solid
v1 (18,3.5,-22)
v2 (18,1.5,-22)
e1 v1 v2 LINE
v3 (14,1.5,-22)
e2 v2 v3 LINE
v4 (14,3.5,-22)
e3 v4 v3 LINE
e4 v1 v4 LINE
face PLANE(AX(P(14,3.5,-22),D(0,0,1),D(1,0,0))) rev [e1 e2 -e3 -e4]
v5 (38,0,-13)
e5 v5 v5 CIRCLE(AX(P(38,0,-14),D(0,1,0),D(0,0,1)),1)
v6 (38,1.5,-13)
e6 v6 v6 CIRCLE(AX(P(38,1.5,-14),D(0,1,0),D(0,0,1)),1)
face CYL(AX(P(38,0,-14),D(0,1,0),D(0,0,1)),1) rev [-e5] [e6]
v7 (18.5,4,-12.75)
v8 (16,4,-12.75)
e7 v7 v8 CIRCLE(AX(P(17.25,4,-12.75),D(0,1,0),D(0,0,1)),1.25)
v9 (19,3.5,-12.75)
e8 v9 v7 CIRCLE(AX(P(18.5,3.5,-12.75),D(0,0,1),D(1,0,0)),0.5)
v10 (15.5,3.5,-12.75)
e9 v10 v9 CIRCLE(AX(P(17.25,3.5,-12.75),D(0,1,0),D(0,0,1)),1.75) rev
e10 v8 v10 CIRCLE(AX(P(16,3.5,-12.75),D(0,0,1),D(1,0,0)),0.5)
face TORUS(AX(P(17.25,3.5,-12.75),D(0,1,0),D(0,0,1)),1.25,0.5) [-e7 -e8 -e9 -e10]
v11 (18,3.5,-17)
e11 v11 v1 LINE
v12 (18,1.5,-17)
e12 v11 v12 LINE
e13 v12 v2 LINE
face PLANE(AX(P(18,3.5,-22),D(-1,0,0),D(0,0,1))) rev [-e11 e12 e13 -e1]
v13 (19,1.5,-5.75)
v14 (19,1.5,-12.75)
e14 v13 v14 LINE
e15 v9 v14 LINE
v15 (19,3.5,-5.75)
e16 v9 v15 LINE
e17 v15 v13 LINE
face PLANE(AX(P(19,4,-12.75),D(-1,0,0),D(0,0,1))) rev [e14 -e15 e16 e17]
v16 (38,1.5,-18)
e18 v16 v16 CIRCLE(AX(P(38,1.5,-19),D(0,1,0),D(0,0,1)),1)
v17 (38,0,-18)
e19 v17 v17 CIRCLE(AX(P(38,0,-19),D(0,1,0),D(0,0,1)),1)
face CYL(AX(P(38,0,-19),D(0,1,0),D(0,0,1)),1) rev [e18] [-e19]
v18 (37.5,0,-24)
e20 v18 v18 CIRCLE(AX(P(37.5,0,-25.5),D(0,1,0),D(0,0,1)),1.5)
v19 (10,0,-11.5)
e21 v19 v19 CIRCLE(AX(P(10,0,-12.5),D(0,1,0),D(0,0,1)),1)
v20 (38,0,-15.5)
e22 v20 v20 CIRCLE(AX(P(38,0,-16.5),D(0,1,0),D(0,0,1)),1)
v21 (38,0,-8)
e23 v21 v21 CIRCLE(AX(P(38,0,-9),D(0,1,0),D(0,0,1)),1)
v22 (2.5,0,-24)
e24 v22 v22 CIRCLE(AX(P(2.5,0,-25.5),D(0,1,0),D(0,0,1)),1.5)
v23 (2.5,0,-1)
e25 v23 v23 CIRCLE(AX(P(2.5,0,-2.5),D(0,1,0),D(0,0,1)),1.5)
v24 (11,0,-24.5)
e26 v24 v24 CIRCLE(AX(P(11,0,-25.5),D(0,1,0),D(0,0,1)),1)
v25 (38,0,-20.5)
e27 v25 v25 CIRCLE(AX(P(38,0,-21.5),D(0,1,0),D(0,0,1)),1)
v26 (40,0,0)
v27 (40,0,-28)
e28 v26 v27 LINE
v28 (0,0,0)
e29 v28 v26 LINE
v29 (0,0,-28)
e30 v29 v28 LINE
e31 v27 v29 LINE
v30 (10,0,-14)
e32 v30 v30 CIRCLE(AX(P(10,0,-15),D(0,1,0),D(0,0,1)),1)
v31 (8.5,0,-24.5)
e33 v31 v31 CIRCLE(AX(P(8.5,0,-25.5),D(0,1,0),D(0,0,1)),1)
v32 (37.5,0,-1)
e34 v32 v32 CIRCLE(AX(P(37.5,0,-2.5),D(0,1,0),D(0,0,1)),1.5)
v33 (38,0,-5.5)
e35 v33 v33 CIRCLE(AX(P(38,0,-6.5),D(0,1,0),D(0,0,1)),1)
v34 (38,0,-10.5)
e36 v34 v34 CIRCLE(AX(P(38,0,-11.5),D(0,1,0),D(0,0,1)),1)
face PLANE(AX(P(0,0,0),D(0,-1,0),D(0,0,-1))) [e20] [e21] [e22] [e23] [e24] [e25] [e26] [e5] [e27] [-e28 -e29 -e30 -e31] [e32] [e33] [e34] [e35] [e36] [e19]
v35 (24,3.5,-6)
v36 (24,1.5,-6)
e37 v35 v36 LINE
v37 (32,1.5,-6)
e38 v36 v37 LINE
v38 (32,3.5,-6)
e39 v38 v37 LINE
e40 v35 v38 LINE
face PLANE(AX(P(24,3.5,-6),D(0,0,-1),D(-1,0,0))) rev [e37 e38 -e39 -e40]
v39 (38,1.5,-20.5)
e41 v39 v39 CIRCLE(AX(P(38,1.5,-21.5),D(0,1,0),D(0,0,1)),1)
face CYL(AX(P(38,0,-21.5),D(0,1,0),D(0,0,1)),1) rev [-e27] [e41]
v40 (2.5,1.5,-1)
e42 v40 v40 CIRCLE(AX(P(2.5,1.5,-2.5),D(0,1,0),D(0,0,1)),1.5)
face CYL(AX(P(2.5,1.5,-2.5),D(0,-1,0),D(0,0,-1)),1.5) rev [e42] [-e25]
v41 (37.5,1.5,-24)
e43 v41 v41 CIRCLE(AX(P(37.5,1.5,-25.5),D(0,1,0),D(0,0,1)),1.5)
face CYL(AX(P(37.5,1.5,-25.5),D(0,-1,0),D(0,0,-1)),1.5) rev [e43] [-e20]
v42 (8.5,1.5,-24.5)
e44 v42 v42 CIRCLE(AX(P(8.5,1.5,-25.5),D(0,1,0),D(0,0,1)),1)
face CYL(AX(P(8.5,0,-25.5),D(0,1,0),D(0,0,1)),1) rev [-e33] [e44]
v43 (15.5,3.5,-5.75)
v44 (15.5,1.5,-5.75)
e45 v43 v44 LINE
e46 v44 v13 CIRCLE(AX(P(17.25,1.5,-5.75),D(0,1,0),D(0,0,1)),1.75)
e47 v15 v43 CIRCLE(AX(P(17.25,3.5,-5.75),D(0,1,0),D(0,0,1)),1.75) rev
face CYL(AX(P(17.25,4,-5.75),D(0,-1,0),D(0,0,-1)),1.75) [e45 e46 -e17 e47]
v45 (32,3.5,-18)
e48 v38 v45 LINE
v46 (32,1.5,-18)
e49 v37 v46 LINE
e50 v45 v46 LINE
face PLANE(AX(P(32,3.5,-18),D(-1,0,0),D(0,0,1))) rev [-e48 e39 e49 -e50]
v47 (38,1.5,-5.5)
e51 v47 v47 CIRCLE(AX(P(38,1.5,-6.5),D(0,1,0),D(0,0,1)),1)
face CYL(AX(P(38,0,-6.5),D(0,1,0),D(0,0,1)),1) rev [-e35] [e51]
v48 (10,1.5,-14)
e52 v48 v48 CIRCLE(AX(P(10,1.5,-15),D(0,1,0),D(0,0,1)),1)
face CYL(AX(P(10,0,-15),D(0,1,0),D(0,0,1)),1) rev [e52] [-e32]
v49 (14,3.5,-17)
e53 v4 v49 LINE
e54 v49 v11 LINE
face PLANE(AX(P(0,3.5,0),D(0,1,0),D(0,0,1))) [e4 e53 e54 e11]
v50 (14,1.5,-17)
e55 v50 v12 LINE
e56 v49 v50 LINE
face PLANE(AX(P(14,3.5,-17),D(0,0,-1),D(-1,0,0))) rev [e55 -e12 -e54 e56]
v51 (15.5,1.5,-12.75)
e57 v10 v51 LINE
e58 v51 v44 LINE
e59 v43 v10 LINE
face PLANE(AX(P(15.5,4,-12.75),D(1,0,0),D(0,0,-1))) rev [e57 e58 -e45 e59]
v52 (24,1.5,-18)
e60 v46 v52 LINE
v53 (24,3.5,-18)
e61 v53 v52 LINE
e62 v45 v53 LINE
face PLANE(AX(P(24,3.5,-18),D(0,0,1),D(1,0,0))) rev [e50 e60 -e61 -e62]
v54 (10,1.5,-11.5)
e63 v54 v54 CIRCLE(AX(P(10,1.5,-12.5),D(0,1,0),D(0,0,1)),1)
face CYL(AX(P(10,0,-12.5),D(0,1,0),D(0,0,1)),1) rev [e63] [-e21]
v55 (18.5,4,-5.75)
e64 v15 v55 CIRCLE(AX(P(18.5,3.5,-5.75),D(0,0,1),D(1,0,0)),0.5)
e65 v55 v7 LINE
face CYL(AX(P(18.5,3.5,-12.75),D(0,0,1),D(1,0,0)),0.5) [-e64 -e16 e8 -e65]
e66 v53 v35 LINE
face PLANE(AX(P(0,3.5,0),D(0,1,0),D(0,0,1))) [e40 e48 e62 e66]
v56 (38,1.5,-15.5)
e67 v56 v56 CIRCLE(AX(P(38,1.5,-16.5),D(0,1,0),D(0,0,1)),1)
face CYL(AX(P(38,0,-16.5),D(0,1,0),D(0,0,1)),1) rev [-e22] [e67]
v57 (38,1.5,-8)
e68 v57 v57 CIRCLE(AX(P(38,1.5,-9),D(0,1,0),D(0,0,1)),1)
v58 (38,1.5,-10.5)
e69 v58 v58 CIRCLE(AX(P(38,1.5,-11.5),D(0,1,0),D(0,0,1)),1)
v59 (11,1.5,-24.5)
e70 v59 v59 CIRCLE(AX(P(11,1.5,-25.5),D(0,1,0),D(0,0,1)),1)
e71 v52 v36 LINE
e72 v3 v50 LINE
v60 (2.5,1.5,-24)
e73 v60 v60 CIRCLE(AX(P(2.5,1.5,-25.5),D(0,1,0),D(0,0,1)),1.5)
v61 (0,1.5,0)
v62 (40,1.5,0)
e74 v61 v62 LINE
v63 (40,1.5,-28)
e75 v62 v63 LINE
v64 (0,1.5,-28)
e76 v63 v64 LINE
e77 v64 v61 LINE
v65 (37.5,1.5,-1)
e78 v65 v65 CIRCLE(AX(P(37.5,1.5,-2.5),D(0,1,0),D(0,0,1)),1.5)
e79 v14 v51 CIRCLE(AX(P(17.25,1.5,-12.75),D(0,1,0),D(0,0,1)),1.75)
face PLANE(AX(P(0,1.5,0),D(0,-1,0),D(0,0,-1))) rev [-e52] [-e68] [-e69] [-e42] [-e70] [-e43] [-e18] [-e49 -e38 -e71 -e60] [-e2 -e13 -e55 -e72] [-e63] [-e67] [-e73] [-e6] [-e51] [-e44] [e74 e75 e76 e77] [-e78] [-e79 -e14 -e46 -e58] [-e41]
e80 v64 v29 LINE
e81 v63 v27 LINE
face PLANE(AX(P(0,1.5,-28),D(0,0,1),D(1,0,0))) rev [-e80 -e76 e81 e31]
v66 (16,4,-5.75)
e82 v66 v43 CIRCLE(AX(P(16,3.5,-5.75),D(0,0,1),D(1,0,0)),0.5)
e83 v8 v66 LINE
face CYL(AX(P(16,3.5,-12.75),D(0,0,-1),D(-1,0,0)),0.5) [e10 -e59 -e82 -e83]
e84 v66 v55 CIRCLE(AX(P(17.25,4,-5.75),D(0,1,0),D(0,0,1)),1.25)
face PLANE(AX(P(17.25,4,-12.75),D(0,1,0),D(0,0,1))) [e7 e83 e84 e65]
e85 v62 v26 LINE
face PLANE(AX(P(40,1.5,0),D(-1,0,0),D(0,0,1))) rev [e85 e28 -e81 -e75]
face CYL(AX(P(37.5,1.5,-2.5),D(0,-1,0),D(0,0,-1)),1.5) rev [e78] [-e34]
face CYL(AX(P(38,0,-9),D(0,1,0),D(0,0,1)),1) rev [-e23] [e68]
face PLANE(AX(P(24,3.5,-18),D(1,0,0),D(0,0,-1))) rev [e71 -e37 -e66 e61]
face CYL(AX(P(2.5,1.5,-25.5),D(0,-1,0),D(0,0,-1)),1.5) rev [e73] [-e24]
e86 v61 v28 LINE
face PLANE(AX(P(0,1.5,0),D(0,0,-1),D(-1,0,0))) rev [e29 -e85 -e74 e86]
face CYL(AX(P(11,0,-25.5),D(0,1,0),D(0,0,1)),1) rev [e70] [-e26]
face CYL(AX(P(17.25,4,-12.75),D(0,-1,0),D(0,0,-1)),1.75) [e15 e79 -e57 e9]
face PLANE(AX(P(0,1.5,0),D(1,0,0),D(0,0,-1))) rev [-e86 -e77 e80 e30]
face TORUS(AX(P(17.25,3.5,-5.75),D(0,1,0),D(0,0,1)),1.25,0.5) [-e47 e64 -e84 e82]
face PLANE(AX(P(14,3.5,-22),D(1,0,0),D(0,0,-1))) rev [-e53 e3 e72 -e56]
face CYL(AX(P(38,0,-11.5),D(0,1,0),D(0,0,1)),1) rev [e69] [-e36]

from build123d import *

# Parameters (mm, degrees)
SKETCH1_W           = 40
SKETCH1_H           = 28
SKETCH1_R           = 1.5
BOSS_EXTRUDE1_DEPTH = 1.5
SKETCH2_R           = 1
CUT_EXTRUDE1_DEPTH  = 2.5
SKETCH3_W           = 8
SKETCH3_H           = 12
BOSS_EXTRUDE2_DEPTH = 2
SKETCH4_W           = 4
SKETCH4_H           = 5
BOSS_EXTRUDE3_DEPTH = 2
SKETCH5_R           = 1
CUT_EXTRUDE2_DEPTH  = 2.5
BOSS_EXTRUDE4_DEPTH = 2.5
FILLET1_R           = 0.5


with BuildPart() as part:
    # Sketch1 → Boss-Extrude1 (new body)
    with BuildSketch(Plane(origin=(0, 0, 0), x_dir=(1, 0, 0), z_dir=(0, 1, 0))):
        with Locations((20, 14)):
            Rectangle(SKETCH1_W, SKETCH1_H)
        with Locations((2.5, 25.5)):
            Circle(SKETCH1_R, mode=Mode.SUBTRACT)
        with Locations((2.5, 2.5)):
            Circle(SKETCH1_R, mode=Mode.SUBTRACT)
        with Locations((37.5, 25.5)):
            Circle(SKETCH1_R, mode=Mode.SUBTRACT)
        with Locations((37.5, 2.5)):
            Circle(SKETCH1_R, mode=Mode.SUBTRACT)
    extrude(amount=BOSS_EXTRUDE1_DEPTH)

    # Sketch2 → Cut-Extrude1 (cut, through all)
    with BuildSketch(Plane(origin=(0, 1.5, 0), x_dir=(1, 0, 0), z_dir=(0, 1, 0))):
        with Locations((38, 6.5)):
            Circle(SKETCH2_R)
        with Locations((38, 9)):
            Circle(SKETCH2_R)
        with Locations((38, 11.5)):
            Circle(SKETCH2_R)
        with Locations((38, 14)):
            Circle(SKETCH2_R)
        with Locations((38, 16.5)):
            Circle(SKETCH2_R)
        with Locations((38, 19)):
            Circle(SKETCH2_R)
        with Locations((38, 21.5)):
            Circle(SKETCH2_R)
    extrude(amount=-CUT_EXTRUDE1_DEPTH, mode=Mode.SUBTRACT)

    # Sketch3 → Boss-Extrude2 (add)
    with BuildSketch(Plane(origin=(0, 1.5, 0), x_dir=(1, 0, 0), z_dir=(0, 1, 0))):
        with Locations((28, 12)):
            Rectangle(SKETCH3_W, SKETCH3_H)
    extrude(amount=BOSS_EXTRUDE2_DEPTH)

    # Sketch4 → Boss-Extrude3 (add)
    with BuildSketch(Plane(origin=(0, 1.5, 0), x_dir=(1, 0, 0), z_dir=(0, 1, 0))):
        with Locations((16, 19.5)):
            Rectangle(SKETCH4_W, SKETCH4_H)
    extrude(amount=BOSS_EXTRUDE3_DEPTH)

    # Sketch5 → Cut-Extrude2 (cut, through all)
    with BuildSketch(Plane(origin=(0, 1.5, 0), x_dir=(1, 0, 0), z_dir=(0, 1, 0))):
        with Locations((10, 15)):
            Circle(SKETCH5_R)
        with Locations((10, 12.5)):
            Circle(SKETCH5_R)
        with Locations((8.5, 25.5)):
            Circle(SKETCH5_R)
        with Locations((11, 25.5)):
            Circle(SKETCH5_R)
    extrude(amount=-CUT_EXTRUDE2_DEPTH, mode=Mode.SUBTRACT)

    # Sketch6 → Boss-Extrude4 (add)
    with BuildSketch(Plane(origin=(0, 1.5, 0), x_dir=(1, 0, 0), z_dir=(0, 1, 0))):
        with BuildLine():
            Line((19, 12.75), (19, 5.75))
            ThreePointArc((19, 5.75), (17.25, 4), (15.5, 5.75))
            Line((15.5, 5.75), (15.5, 12.75))
            ThreePointArc((15.5, 12.75), (17.25, 14.5), (19, 12.75))
        make_face()
    extrude(amount=BOSS_EXTRUDE4_DEPTH)

    # Fillet1
    fillet1_edges = [part.edges().sort_by_distance(p)[0] for p in [
        (17.25, 4, -14.5),
        (15.5, 4, -9.25),
        (17.25, 4, -4),
        (19, 4, -9.25),
    ]]
    fillet(fillet1_edges, radius=FILLET1_R)


solid = part.part
